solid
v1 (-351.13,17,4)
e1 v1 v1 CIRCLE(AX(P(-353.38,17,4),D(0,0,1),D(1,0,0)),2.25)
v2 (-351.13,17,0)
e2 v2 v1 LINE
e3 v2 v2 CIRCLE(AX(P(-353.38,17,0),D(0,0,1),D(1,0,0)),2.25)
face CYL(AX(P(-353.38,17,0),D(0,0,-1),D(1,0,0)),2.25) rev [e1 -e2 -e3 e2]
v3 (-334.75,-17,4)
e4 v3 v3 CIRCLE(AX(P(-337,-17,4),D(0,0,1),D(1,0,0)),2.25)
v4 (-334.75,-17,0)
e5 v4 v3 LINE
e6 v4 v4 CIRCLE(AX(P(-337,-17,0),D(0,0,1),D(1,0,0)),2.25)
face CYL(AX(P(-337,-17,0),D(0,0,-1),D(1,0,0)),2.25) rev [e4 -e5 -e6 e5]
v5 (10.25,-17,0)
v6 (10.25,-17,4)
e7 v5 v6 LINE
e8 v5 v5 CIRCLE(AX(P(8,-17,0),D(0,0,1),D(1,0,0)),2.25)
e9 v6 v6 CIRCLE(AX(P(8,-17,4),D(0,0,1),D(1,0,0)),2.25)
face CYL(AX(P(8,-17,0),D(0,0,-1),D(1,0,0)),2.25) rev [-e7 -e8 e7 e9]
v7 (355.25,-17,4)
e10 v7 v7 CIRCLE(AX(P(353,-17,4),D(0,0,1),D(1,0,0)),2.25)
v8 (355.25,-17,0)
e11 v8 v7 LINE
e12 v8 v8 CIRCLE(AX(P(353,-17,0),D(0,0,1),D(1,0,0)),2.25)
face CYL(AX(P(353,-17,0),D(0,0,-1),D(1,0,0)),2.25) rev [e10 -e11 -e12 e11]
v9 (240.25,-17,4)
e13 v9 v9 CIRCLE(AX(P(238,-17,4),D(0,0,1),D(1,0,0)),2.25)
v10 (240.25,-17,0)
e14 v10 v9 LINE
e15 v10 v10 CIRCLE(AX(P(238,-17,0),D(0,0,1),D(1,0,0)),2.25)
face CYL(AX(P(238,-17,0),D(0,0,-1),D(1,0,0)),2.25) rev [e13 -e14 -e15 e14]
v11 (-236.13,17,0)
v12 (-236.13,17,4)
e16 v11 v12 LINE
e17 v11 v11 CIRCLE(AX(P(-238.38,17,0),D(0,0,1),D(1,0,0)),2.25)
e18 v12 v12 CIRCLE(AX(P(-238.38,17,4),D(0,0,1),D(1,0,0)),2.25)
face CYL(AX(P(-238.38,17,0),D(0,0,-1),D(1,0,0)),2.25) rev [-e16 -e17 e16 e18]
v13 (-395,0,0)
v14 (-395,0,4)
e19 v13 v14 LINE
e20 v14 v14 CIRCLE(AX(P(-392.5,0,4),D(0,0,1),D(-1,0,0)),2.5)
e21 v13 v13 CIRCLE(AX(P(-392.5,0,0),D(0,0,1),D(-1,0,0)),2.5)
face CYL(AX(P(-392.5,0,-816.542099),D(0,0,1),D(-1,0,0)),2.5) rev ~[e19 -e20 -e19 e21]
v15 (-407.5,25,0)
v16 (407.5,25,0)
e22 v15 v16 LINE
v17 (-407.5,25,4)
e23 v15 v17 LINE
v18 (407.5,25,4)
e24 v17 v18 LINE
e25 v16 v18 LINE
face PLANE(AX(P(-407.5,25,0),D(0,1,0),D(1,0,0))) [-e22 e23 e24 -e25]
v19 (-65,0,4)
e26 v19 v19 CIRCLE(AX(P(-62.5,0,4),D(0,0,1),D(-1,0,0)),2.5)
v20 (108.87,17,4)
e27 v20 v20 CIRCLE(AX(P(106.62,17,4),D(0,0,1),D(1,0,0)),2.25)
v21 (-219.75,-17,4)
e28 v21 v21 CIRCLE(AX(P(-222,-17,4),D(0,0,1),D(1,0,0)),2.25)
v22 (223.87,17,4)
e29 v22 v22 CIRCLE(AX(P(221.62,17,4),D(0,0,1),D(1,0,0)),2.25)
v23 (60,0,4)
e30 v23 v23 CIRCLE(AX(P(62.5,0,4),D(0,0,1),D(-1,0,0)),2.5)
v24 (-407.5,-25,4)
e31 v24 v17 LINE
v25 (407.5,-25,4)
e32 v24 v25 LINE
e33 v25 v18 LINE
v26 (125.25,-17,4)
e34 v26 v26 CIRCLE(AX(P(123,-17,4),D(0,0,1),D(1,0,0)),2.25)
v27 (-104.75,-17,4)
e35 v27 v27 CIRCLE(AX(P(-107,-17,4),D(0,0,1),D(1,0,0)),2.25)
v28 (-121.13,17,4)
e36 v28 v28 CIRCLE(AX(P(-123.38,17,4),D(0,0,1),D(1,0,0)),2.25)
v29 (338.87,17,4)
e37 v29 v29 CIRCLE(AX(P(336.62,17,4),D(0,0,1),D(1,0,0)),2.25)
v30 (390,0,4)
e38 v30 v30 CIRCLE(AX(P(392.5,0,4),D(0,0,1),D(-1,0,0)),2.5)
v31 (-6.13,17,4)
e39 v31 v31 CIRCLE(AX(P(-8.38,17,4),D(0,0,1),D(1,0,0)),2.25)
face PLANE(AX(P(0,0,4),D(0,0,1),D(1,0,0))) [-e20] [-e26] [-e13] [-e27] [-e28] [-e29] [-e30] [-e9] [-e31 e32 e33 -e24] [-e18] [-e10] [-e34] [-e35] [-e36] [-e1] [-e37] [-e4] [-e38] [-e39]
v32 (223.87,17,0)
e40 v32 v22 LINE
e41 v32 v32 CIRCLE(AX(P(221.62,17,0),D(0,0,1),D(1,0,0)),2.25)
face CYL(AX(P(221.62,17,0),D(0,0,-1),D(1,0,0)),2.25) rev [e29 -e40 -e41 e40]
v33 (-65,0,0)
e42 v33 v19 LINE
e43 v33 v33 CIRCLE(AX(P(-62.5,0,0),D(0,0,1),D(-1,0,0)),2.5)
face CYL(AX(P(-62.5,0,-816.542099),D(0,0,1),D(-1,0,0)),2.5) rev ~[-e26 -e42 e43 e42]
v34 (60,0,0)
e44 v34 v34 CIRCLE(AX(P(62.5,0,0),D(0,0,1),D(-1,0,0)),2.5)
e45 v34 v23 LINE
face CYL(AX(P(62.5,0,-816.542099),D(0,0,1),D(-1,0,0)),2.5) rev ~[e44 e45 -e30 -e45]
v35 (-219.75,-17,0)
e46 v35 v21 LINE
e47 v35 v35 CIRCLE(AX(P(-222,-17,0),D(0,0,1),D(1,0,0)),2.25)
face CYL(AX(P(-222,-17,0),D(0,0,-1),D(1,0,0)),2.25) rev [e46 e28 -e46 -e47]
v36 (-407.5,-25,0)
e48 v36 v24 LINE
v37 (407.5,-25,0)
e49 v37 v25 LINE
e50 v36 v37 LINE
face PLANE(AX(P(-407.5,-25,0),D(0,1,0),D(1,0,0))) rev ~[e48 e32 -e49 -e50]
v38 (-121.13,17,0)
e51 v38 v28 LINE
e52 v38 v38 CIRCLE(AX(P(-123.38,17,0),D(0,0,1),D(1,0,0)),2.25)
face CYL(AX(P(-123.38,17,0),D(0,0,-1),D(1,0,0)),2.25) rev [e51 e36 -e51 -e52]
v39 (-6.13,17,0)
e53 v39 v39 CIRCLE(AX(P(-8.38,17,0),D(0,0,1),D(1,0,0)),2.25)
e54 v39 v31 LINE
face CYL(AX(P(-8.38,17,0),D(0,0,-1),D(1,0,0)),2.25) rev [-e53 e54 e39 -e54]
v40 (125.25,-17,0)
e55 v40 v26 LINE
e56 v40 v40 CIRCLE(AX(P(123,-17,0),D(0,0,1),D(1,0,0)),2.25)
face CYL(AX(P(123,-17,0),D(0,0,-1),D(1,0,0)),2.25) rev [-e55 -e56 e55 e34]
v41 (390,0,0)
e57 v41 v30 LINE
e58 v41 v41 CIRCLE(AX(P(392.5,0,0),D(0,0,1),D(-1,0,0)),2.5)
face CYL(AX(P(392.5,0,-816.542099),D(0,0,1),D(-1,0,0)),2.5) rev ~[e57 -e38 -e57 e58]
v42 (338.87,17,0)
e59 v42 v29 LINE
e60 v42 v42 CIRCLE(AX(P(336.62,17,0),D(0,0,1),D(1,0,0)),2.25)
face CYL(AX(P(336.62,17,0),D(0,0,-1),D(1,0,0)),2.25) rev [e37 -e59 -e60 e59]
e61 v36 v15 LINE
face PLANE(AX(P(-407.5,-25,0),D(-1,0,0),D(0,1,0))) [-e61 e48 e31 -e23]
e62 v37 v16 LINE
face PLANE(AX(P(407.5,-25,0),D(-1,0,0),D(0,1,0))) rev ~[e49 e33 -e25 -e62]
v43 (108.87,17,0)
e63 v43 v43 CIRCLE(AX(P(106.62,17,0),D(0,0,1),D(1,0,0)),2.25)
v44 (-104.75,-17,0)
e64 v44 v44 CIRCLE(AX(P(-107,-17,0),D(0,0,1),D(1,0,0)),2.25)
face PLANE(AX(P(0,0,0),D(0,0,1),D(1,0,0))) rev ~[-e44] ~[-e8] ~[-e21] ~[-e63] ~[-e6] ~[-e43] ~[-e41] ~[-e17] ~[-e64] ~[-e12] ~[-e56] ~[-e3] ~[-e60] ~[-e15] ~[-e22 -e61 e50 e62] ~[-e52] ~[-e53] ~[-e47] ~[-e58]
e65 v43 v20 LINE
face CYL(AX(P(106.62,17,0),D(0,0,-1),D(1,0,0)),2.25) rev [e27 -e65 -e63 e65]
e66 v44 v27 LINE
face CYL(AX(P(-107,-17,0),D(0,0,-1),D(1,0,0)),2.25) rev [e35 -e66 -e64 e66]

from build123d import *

# Parameters (mm, degrees)
F0_W     = 815
F0_H     = 50
F0_R     = 2.25
F1_DEPTH = 4
F2_D     = 5


with BuildPart() as f1:
    # F0 (on Top) → F1 (new body)
    with BuildSketch(Plane.XY):
        Rectangle(F0_W, F0_H)
        with Locations((-337, -17)):
            Circle(F0_R, mode=Mode.SUBTRACT)
        with Locations((-222, -17)):
            Circle(F0_R, mode=Mode.SUBTRACT)
        with Locations((-107, -17)):
            Circle(F0_R, mode=Mode.SUBTRACT)
        with Locations((8, -17)):
            Circle(F0_R, mode=Mode.SUBTRACT)
        with Locations((123, -17)):
            Circle(F0_R, mode=Mode.SUBTRACT)
        with Locations((238, -17)):
            Circle(F0_R, mode=Mode.SUBTRACT)
        with Locations((353, -17)):
            Circle(F0_R, mode=Mode.SUBTRACT)
        with Locations((-353.38, 17)):
            Circle(F0_R, mode=Mode.SUBTRACT)
        with Locations((-238.38, 17)):
            Circle(F0_R, mode=Mode.SUBTRACT)
        with Locations((-123.38, 17)):
            Circle(F0_R, mode=Mode.SUBTRACT)
        with Locations((-8.38, 17)):
            Circle(F0_R, mode=Mode.SUBTRACT)
        with Locations((106.62, 17)):
            Circle(F0_R, mode=Mode.SUBTRACT)
        with Locations((221.62, 17)):
            Circle(F0_R, mode=Mode.SUBTRACT)
        with Locations((336.62, 17)):
            Circle(F0_R, mode=Mode.SUBTRACT)
    extrude(amount=F1_DEPTH)

    # F2 (through all)
    with Locations(Plane(origin=(0, 0, 0), x_dir=(1, 0, 0), z_dir=(0, 0, -1))):
        with Locations((-392.5, 0), (-62.5, 0), (62.5, 0), (392.5, 0)):
            Hole(F2_D / 2)


solid = f1.part
